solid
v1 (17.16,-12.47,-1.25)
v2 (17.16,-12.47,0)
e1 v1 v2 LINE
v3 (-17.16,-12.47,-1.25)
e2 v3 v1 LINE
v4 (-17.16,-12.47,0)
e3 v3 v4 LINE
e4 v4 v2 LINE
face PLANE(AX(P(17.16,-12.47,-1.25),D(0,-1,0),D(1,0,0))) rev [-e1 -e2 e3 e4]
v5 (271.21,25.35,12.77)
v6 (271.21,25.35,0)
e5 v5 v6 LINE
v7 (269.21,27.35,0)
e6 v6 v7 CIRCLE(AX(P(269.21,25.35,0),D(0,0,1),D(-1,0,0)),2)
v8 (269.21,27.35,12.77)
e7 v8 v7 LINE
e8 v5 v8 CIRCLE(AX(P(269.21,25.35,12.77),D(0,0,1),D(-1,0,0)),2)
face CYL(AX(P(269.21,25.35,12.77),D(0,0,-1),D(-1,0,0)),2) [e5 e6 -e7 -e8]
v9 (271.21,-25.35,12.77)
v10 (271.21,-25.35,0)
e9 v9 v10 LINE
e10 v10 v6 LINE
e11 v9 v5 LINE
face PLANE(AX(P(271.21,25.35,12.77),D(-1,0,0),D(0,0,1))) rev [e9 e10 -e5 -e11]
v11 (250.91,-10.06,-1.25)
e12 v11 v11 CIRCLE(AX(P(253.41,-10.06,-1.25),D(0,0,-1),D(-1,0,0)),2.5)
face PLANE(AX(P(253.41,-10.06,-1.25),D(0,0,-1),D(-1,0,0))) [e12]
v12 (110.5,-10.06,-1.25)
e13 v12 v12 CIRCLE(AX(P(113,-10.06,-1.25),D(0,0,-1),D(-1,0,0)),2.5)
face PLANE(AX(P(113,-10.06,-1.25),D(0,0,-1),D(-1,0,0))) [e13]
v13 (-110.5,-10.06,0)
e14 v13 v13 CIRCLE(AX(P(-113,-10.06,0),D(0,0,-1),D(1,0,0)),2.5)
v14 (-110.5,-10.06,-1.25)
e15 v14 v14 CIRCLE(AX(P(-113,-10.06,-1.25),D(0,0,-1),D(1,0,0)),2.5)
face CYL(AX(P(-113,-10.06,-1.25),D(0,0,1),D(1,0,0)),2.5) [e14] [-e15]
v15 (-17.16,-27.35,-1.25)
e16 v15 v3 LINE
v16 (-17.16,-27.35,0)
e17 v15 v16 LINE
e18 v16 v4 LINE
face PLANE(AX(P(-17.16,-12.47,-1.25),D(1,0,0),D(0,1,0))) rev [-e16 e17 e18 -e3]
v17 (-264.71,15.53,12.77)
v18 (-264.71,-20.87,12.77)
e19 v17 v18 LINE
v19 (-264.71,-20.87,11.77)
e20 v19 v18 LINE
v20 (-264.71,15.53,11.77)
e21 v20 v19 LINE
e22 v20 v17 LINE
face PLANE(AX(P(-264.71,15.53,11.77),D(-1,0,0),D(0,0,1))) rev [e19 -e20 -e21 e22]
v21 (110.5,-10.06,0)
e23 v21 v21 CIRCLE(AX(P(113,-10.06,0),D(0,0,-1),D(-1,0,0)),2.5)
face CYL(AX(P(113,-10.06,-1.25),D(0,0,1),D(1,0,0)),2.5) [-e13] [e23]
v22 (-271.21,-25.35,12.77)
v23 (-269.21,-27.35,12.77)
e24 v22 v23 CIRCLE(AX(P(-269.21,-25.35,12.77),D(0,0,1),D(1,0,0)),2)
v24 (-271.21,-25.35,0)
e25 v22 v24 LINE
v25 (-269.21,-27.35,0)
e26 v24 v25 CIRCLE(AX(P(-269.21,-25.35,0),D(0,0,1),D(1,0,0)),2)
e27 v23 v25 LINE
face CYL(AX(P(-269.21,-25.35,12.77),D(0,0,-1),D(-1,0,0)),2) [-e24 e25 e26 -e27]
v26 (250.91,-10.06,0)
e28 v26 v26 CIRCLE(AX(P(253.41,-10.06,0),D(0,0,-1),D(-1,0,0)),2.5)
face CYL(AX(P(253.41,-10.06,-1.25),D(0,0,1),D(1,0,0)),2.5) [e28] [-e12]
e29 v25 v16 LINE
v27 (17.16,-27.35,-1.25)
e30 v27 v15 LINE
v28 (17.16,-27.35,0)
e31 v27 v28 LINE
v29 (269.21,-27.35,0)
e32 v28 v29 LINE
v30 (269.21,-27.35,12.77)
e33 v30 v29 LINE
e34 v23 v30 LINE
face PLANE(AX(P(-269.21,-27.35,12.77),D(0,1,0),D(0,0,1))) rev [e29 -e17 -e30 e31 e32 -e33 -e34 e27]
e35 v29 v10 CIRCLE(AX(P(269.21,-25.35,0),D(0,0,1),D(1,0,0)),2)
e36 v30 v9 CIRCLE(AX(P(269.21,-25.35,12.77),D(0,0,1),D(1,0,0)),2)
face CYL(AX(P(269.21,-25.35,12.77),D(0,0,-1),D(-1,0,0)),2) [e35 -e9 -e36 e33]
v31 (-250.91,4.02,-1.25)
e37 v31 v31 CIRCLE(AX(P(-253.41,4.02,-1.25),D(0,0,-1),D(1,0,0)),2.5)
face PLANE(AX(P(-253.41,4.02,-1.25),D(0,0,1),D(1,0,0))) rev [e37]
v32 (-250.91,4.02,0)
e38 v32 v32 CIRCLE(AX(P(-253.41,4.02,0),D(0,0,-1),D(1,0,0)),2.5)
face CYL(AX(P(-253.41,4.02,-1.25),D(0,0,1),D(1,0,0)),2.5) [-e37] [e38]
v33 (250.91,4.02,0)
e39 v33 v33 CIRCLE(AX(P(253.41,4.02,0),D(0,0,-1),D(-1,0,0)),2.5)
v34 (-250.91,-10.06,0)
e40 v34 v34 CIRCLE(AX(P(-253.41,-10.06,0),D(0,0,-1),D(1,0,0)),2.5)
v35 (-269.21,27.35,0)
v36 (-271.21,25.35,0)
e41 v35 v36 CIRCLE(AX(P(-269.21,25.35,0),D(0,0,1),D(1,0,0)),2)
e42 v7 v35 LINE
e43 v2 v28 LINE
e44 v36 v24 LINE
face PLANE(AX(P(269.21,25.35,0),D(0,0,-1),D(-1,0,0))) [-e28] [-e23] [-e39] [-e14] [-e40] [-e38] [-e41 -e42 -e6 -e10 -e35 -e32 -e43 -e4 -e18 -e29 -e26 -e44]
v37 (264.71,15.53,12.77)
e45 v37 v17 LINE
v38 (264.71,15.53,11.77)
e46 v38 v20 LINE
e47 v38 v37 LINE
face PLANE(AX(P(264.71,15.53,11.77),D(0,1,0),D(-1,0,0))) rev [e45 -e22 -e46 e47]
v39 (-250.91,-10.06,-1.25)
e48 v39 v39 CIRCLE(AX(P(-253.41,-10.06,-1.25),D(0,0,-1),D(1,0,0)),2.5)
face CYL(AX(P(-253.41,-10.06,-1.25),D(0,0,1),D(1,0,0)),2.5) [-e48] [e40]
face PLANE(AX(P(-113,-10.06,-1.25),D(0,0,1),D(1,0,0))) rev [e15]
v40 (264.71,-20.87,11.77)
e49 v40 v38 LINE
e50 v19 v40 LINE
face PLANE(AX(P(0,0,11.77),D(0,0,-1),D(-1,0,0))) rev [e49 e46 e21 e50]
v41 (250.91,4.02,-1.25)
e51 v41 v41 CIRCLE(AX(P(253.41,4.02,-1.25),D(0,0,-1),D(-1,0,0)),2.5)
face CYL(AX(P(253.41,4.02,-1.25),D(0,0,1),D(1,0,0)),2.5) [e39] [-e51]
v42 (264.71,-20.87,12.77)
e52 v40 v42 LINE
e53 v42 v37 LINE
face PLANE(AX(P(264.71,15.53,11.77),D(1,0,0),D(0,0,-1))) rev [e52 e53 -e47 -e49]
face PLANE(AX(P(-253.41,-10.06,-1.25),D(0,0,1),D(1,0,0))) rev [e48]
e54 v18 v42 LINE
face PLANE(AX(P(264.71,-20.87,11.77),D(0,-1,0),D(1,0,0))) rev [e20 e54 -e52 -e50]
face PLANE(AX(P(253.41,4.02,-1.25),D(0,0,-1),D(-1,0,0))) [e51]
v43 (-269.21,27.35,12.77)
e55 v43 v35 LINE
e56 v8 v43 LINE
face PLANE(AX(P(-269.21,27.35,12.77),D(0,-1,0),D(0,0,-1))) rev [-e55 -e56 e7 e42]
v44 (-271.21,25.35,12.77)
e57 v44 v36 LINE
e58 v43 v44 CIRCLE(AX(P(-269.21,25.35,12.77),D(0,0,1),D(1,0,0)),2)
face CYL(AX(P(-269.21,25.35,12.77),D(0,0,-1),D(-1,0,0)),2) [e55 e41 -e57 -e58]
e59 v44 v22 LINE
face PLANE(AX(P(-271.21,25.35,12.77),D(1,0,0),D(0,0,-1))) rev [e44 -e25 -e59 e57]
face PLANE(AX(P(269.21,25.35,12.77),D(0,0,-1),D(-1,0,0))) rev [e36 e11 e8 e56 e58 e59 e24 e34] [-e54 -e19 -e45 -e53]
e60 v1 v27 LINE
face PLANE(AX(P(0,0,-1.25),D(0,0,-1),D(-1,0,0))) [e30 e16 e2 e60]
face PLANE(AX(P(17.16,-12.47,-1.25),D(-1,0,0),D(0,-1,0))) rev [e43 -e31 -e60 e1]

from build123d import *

# Parameters (mm, degrees)
BOSS_EXTRUDE1_DEPTH = 12.77
SKETCH2_W           = 529.42
SKETCH2_H           = 36.4
CUT_EXTRUDE1_DEPTH  = 1
SKETCH3_R           = 2.5
SKETCH3_W           = 34.32
SKETCH3_H           = 14.88
BOSS_EXTRUDE2_DEPTH = 1.25


with BuildPart() as part:
    # Sketch1 → Boss-Extrude1 (new body)
    with BuildSketch(Plane.XY):
        with BuildLine():
            Line((-269.21, 27.35), (269.21, 27.35))
            ThreePointArc((269.21, 27.35), (270.624213562, 26.764213562), (271.21, 25.35))
            Line((271.21, 25.35), (271.21, -25.35))
            ThreePointArc((271.21, -25.35), (270.624213562, -26.764213562), (269.21, -27.35))
            Line((269.21, -27.35), (-269.21, -27.35))
            ThreePointArc((-269.21, -27.35), (-270.624213562, -26.764213562), (-271.21, -25.35))
            Line((-271.21, -25.35), (-271.21, 25.35))
            ThreePointArc((-271.21, 25.35), (-270.624213562, 26.764213562), (-269.21, 27.35))
        make_face()
    extrude(amount=BOSS_EXTRUDE1_DEPTH)

    # Sketch2 → Cut-Extrude1 (cut)
    with BuildSketch(Plane.XY.offset(12.77)):
        with Locations((0, -2.67)):
            Rectangle(SKETCH2_W, SKETCH2_H)
    extrude(amount=-CUT_EXTRUDE1_DEPTH, mode=Mode.SUBTRACT)

    # Sketch3 → Boss-Extrude2 (add)
    with BuildSketch(Plane(origin=(0, 0, 0), x_dir=(-1, 0, 0), z_dir=(0, 0, -1))):
        with Locations((-253.41, 4.02)):
            Circle(SKETCH3_R)
        with Locations((-253.41, -10.06)):
            Circle(SKETCH3_R)
        with Locations((-113, -10.06)):
            Circle(SKETCH3_R)
        with Locations(Location((113, -10.06, 0), (0, 0, 180))):
            Circle(SKETCH3_R)
        with Locations(Location((253.41, -10.06, 0), (0, 0, 180))):
            Circle(SKETCH3_R)
        with Locations(Location((253.41, 4.02, 0), (0, 0, 180))):
            Circle(SKETCH3_R)
        with Locations((0, -19.91)):
            Rectangle(SKETCH3_W, SKETCH3_H)
    extrude(amount=BOSS_EXTRUDE2_DEPTH)


solid = part.part
